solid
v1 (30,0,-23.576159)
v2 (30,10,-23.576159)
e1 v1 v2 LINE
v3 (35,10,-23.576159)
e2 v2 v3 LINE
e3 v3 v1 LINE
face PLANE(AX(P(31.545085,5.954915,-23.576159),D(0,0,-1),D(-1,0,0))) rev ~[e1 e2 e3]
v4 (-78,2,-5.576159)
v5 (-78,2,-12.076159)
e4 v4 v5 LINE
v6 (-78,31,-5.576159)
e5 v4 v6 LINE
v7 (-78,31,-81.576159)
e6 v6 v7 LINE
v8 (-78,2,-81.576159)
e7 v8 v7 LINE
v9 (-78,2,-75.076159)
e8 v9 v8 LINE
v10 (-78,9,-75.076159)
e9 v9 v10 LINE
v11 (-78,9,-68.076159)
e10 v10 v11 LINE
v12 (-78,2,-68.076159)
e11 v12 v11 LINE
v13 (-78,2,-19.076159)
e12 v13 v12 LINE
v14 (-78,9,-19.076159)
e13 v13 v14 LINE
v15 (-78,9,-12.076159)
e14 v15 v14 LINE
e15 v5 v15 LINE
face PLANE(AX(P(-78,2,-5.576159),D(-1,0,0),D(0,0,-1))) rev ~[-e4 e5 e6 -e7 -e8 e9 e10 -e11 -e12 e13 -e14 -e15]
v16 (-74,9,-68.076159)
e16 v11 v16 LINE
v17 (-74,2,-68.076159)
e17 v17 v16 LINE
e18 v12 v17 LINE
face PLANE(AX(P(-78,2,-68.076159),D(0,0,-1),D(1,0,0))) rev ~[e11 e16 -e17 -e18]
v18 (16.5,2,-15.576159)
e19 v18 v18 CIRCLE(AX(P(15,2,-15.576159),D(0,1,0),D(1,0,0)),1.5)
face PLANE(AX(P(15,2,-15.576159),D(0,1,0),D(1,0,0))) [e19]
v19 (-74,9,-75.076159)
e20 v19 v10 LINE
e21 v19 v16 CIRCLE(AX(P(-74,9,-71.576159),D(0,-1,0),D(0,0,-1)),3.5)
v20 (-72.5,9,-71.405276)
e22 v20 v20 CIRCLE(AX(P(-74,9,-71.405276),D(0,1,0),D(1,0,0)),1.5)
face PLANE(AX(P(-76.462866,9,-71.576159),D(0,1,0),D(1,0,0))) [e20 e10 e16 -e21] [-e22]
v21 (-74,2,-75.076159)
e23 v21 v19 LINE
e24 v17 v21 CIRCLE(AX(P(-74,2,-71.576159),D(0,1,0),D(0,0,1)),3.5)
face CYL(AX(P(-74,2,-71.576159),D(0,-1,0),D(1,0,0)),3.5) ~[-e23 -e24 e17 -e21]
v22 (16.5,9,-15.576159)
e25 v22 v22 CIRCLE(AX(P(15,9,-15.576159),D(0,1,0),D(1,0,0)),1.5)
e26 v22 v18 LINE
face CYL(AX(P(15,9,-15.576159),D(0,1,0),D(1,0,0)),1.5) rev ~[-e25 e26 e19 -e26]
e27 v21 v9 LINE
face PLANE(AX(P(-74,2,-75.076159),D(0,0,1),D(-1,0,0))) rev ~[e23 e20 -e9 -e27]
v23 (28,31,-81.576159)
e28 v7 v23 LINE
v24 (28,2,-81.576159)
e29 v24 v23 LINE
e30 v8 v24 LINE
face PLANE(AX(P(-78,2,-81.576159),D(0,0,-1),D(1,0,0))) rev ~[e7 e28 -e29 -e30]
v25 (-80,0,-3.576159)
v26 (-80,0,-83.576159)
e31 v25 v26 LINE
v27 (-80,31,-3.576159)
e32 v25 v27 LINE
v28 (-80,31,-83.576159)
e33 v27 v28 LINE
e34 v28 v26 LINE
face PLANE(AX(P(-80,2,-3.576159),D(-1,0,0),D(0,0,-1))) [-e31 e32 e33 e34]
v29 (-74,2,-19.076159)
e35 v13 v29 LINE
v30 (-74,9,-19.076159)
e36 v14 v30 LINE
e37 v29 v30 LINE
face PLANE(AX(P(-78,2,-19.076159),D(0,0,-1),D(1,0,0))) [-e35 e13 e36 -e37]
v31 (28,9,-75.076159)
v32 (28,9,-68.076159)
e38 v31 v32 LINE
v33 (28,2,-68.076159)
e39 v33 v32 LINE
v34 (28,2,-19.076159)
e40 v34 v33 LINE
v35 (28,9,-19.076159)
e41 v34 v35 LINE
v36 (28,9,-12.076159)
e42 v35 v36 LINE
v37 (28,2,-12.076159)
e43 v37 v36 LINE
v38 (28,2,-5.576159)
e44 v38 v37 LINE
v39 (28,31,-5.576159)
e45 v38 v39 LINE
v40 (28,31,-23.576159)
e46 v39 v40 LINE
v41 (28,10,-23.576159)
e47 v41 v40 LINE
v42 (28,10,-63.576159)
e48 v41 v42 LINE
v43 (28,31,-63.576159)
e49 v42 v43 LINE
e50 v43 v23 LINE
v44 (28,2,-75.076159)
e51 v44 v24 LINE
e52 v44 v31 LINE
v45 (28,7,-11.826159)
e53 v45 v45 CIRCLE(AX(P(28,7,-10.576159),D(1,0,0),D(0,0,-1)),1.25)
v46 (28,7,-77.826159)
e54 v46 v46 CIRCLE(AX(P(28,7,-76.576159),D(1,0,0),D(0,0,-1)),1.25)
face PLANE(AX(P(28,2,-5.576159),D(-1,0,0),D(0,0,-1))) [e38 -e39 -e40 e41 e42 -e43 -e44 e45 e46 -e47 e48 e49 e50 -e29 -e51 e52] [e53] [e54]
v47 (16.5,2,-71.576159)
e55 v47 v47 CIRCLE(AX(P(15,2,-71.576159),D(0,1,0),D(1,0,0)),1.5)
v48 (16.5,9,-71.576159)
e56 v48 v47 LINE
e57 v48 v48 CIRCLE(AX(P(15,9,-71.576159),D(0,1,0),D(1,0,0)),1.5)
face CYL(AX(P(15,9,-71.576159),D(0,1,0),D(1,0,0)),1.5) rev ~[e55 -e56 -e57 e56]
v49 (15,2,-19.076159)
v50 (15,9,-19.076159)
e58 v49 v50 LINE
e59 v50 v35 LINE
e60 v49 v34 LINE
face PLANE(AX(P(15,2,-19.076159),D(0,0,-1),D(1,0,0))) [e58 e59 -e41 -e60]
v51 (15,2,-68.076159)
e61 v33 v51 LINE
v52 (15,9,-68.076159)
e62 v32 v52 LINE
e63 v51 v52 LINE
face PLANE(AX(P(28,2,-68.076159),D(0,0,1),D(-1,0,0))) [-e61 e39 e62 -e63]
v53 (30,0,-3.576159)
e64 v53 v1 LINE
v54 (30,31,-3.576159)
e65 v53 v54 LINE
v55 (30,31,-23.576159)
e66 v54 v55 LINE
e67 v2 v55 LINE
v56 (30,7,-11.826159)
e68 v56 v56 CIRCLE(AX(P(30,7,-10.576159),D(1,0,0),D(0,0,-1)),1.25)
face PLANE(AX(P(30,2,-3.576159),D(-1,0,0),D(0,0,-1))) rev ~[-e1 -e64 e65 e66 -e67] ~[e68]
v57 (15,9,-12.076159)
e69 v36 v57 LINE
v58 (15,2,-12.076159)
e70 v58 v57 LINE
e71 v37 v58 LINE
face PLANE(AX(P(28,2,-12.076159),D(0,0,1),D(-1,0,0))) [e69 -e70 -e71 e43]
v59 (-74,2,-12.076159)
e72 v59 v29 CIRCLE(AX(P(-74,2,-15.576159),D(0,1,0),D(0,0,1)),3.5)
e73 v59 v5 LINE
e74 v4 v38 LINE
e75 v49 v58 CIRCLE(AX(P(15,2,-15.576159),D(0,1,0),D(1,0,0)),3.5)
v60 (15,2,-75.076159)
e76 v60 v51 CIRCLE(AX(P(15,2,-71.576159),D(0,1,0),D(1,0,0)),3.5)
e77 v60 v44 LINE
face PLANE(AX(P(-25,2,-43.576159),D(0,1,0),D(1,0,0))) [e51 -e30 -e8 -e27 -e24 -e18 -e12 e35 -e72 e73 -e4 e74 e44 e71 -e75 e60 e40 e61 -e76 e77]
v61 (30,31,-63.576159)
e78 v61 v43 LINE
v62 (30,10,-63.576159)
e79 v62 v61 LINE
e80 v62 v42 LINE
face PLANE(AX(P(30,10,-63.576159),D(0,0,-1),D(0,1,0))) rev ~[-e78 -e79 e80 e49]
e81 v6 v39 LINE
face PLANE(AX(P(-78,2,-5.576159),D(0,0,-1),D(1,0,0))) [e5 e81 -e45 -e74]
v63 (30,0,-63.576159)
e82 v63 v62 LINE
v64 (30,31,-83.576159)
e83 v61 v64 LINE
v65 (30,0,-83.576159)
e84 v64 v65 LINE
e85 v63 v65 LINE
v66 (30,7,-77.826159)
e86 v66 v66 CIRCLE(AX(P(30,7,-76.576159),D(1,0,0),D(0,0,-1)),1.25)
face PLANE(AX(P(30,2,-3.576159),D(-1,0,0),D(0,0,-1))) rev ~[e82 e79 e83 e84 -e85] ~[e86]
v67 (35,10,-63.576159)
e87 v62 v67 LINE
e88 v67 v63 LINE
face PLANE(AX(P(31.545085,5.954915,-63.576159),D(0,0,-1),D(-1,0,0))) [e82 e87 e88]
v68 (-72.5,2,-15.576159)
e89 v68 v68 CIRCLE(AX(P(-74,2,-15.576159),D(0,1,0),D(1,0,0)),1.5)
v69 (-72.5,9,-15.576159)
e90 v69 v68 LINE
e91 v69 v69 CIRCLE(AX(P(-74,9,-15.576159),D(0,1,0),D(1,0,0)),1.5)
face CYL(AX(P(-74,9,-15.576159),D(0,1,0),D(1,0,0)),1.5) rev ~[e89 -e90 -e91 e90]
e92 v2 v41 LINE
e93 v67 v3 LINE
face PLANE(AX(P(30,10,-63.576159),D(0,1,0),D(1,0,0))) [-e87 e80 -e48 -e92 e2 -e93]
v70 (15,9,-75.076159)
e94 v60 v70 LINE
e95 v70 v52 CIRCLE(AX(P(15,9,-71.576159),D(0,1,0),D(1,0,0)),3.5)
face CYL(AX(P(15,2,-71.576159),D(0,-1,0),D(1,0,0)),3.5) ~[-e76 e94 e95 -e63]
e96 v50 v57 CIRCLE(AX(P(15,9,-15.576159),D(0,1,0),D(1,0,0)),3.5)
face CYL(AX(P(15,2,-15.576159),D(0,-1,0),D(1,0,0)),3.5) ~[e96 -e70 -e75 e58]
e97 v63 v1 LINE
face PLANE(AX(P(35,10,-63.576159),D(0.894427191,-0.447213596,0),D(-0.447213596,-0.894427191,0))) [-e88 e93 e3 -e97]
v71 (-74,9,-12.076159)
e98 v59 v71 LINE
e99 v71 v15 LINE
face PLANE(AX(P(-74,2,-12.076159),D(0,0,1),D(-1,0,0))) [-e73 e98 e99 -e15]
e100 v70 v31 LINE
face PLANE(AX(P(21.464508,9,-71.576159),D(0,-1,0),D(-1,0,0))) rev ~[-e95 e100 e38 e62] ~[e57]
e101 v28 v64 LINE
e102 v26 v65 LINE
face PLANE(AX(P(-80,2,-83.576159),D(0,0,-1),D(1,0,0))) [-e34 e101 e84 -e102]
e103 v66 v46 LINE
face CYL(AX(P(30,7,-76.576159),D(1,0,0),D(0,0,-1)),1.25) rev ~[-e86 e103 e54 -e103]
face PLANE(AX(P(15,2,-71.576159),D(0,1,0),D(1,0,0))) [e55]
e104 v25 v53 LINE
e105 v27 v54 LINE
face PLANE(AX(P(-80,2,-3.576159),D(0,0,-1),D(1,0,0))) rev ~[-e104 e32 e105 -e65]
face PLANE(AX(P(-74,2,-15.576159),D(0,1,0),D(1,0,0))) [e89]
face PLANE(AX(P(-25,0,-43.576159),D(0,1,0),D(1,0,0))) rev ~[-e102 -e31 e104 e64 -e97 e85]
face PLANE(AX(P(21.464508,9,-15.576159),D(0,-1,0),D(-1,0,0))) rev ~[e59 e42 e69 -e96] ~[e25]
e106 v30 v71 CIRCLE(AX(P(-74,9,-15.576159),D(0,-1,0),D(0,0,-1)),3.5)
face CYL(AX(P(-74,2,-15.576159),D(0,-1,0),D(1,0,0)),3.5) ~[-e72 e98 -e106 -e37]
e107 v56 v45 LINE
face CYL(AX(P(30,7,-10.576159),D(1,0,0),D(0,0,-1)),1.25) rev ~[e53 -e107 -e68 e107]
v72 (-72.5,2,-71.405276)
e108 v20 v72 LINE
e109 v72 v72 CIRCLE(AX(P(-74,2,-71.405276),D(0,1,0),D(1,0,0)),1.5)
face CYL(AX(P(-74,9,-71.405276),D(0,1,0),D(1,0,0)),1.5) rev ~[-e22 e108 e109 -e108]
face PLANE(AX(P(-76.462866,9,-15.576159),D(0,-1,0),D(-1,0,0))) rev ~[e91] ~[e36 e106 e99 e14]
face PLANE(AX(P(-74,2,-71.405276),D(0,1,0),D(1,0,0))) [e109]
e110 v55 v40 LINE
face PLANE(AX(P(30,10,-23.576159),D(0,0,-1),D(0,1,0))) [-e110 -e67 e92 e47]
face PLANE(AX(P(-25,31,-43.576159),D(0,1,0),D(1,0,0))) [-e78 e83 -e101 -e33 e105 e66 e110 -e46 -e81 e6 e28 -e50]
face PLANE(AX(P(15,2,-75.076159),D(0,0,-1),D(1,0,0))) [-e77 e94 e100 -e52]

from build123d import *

# Parameters (mm, degrees)
SKETCH5_W            = 110
SKETCH5_H            = 80
BOSS_EXTRUDE8_DEPTH  = 2
SKETCH9_R            = 3.5
BOSS_EXTRUDE11_DEPTH = 7
SKETCH11_R           = 1.5
CUT_EXTRUDE1_DEPTH   = 7
SKETCH12_W           = 110
SKETCH12_H           = 80
SKETCH12_W_2         = 106
SKETCH12_H_2         = 76
BOSS_EXTRUDE12_DEPTH = 29
BOSS_EXTRUDE14_DEPTH = 7
BOSS_EXTRUDE15_DEPTH = 7
CUT_EXTRUDE2_REACH   = 112
SKETCH16_W           = 40
SKETCH16_H           = 21
BOSS_EXTRUDE16_DEPTH = 7
BOSS_EXTRUDE17_DEPTH = 7
BOSS_EXTRUDE18_DEPTH = 40
CUT_EXTRUDE4_REACH   = 112
SKETCH23_R           = 1.25
CUT_EXTRUDE5_REACH   = 112
SKETCH24_R           = 1.25


with BuildPart() as part:
    # Sketch5 → Boss-Extrude8 (new body)
    with BuildSketch(Plane(origin=(0, 0, 0), x_dir=(1, 0, 0), z_dir=(0, 1, 0))):
        with Locations((-25, 43.57615894)):
            Rectangle(SKETCH5_W, SKETCH5_H)
    extrude(amount=BOSS_EXTRUDE8_DEPTH)

    # Sketch9 → Boss-Extrude11 (add)
    with BuildSketch(Plane(origin=(0, 2, 0), x_dir=(1, 0, 0), z_dir=(0, 1, 0))):
        with Locations((-74, 15.57615894)):
            Circle(SKETCH9_R)
        with Locations((-74, 71.57615894)):
            Circle(SKETCH9_R)
        with Locations((15, 15.57615894)):
            Circle(SKETCH9_R)
        with Locations((15, 71.57615894)):
            Circle(SKETCH9_R)
    extrude(amount=BOSS_EXTRUDE11_DEPTH)

    # Sketch11 → Cut-Extrude1 (cut)
    with BuildSketch(Plane(origin=(0, 9, 0), x_dir=(1, 0, 0), z_dir=(0, 1, 0))):
        with Locations((-74, 15.57615894)):
            Circle(SKETCH11_R)
        with Locations((-74, 71.405276361)):
            Circle(SKETCH11_R)
        with Locations((15, 71.57615894)):
            Circle(SKETCH11_R)
        with Locations((15, 15.57615894)):
            Circle(SKETCH11_R)
    extrude(amount=-CUT_EXTRUDE1_DEPTH, mode=Mode.SUBTRACT)

    # Sketch12 → Boss-Extrude12 (add)
    with BuildSketch(Plane(origin=(0, 2, 0), x_dir=(1, 0, 0), z_dir=(0, 1, 0))):
        with Locations((-25, 43.57615894)):
            Rectangle(SKETCH12_W, SKETCH12_H)
        with Locations((-25, 43.57615894)):
            Rectangle(SKETCH12_W_2, SKETCH12_H_2, mode=Mode.SUBTRACT)
    extrude(amount=BOSS_EXTRUDE12_DEPTH)

    # Sketch14 → Boss-Extrude14 (add)
    with BuildSketch(Plane(origin=(0, 2, 0), x_dir=(1, 0, 0), z_dir=(0, 1, 0))):
        Polygon((-74, 12.07615894), (-78, 12.07615894), (-78, 19.07615894), (-74, 19.07615894), (-77.5, 15.57615894), align=None)
    extrude(amount=BOSS_EXTRUDE14_DEPTH)

    # Sketch15 → Boss-Extrude15 (add)
    with BuildSketch(Plane(origin=(0, 2, 0), x_dir=(1, 0, 0), z_dir=(0, 1, 0))):
        Polygon((-74, 75.07615894), (-78, 75.07615894), (-78, 68.07615894), (-74, 68.07615894), (-77.5, 71.57615894), align=None)
    extrude(amount=BOSS_EXTRUDE15_DEPTH)

    # Sketch16 → Cut-Extrude2 (cut, up to next)
    with BuildSketch(Plane(origin=(30, 0, 0), x_dir=(0, 0, -1), z_dir=(1, 0, 0)), mode=Mode.PRIVATE) as cut_extrude2_sk1:
        with Locations((43.57615894, 20.5)):
            Rectangle(SKETCH16_W, SKETCH16_H)
    cut_extrude2_tool1 = extrude(cut_extrude2_sk1.sketch, amount=-CUT_EXTRUDE2_REACH, mode=Mode.PRIVATE) & part.part
    add(cut_extrude2_tool1.solids().sort_by_distance((30, 20.5, -43.576159))[0], mode=Mode.SUBTRACT)

    # Sketch17 → Boss-Extrude16 (add)
    with BuildSketch(Plane(origin=(0, 2, 0), x_dir=(1, 0, 0), z_dir=(0, 1, 0))):
        Polygon((15, 75.07615894), (28, 75.07615894), (28, 68.07615894), (15, 68.07615894), (18.5, 71.57615894), align=None)
    extrude(amount=BOSS_EXTRUDE16_DEPTH)

    # Sketch18 → Boss-Extrude17 (add)
    with BuildSketch(Plane(origin=(0, 2, 0), x_dir=(1, 0, 0), z_dir=(0, 1, 0))):
        Polygon((15, 19.07615894), (28, 19.07615894), (28, 12.07615894), (15, 12.07615894), (18.5, 15.57615894), align=None)
    extrude(amount=BOSS_EXTRUDE17_DEPTH)

    # Sketch22 → Boss-Extrude18 (add)
    with BuildSketch(Plane.XY.offset(-63.57615894)):
        Polygon((30, 10), (35, 10), (30, 0), align=None)
    extrude(amount=BOSS_EXTRUDE18_DEPTH)

    # Sketch23 → Cut-Extrude4 (cut, up to next)
    with BuildSketch(Plane(origin=(30, 0, 0), x_dir=(0, 0, -1), z_dir=(1, 0, 0)), mode=Mode.PRIVATE) as cut_extrude4_sk1:
        with Locations((10.57615894, 7)):
            Circle(SKETCH23_R)
    cut_extrude4_tool1 = extrude(cut_extrude4_sk1.sketch, amount=-CUT_EXTRUDE4_REACH, mode=Mode.PRIVATE) & part.part
    add(cut_extrude4_tool1.solids().sort_by_distance((30, 7, -10.576159))[0], mode=Mode.SUBTRACT)

    # Sketch24 → Cut-Extrude5 (cut, up to next)
    with BuildSketch(Plane(origin=(30, 0, 0), x_dir=(0, 0, -1), z_dir=(1, 0, 0)), mode=Mode.PRIVATE) as cut_extrude5_sk1:
        with Locations((76.57615894, 7)):
            Circle(SKETCH24_R)
    cut_extrude5_tool1 = extrude(cut_extrude5_sk1.sketch, amount=-CUT_EXTRUDE5_REACH, mode=Mode.PRIVATE) & part.part
    add(cut_extrude5_tool1.solids().sort_by_distance((30, 7, -76.576159))[0], mode=Mode.SUBTRACT)


solid = part.part
